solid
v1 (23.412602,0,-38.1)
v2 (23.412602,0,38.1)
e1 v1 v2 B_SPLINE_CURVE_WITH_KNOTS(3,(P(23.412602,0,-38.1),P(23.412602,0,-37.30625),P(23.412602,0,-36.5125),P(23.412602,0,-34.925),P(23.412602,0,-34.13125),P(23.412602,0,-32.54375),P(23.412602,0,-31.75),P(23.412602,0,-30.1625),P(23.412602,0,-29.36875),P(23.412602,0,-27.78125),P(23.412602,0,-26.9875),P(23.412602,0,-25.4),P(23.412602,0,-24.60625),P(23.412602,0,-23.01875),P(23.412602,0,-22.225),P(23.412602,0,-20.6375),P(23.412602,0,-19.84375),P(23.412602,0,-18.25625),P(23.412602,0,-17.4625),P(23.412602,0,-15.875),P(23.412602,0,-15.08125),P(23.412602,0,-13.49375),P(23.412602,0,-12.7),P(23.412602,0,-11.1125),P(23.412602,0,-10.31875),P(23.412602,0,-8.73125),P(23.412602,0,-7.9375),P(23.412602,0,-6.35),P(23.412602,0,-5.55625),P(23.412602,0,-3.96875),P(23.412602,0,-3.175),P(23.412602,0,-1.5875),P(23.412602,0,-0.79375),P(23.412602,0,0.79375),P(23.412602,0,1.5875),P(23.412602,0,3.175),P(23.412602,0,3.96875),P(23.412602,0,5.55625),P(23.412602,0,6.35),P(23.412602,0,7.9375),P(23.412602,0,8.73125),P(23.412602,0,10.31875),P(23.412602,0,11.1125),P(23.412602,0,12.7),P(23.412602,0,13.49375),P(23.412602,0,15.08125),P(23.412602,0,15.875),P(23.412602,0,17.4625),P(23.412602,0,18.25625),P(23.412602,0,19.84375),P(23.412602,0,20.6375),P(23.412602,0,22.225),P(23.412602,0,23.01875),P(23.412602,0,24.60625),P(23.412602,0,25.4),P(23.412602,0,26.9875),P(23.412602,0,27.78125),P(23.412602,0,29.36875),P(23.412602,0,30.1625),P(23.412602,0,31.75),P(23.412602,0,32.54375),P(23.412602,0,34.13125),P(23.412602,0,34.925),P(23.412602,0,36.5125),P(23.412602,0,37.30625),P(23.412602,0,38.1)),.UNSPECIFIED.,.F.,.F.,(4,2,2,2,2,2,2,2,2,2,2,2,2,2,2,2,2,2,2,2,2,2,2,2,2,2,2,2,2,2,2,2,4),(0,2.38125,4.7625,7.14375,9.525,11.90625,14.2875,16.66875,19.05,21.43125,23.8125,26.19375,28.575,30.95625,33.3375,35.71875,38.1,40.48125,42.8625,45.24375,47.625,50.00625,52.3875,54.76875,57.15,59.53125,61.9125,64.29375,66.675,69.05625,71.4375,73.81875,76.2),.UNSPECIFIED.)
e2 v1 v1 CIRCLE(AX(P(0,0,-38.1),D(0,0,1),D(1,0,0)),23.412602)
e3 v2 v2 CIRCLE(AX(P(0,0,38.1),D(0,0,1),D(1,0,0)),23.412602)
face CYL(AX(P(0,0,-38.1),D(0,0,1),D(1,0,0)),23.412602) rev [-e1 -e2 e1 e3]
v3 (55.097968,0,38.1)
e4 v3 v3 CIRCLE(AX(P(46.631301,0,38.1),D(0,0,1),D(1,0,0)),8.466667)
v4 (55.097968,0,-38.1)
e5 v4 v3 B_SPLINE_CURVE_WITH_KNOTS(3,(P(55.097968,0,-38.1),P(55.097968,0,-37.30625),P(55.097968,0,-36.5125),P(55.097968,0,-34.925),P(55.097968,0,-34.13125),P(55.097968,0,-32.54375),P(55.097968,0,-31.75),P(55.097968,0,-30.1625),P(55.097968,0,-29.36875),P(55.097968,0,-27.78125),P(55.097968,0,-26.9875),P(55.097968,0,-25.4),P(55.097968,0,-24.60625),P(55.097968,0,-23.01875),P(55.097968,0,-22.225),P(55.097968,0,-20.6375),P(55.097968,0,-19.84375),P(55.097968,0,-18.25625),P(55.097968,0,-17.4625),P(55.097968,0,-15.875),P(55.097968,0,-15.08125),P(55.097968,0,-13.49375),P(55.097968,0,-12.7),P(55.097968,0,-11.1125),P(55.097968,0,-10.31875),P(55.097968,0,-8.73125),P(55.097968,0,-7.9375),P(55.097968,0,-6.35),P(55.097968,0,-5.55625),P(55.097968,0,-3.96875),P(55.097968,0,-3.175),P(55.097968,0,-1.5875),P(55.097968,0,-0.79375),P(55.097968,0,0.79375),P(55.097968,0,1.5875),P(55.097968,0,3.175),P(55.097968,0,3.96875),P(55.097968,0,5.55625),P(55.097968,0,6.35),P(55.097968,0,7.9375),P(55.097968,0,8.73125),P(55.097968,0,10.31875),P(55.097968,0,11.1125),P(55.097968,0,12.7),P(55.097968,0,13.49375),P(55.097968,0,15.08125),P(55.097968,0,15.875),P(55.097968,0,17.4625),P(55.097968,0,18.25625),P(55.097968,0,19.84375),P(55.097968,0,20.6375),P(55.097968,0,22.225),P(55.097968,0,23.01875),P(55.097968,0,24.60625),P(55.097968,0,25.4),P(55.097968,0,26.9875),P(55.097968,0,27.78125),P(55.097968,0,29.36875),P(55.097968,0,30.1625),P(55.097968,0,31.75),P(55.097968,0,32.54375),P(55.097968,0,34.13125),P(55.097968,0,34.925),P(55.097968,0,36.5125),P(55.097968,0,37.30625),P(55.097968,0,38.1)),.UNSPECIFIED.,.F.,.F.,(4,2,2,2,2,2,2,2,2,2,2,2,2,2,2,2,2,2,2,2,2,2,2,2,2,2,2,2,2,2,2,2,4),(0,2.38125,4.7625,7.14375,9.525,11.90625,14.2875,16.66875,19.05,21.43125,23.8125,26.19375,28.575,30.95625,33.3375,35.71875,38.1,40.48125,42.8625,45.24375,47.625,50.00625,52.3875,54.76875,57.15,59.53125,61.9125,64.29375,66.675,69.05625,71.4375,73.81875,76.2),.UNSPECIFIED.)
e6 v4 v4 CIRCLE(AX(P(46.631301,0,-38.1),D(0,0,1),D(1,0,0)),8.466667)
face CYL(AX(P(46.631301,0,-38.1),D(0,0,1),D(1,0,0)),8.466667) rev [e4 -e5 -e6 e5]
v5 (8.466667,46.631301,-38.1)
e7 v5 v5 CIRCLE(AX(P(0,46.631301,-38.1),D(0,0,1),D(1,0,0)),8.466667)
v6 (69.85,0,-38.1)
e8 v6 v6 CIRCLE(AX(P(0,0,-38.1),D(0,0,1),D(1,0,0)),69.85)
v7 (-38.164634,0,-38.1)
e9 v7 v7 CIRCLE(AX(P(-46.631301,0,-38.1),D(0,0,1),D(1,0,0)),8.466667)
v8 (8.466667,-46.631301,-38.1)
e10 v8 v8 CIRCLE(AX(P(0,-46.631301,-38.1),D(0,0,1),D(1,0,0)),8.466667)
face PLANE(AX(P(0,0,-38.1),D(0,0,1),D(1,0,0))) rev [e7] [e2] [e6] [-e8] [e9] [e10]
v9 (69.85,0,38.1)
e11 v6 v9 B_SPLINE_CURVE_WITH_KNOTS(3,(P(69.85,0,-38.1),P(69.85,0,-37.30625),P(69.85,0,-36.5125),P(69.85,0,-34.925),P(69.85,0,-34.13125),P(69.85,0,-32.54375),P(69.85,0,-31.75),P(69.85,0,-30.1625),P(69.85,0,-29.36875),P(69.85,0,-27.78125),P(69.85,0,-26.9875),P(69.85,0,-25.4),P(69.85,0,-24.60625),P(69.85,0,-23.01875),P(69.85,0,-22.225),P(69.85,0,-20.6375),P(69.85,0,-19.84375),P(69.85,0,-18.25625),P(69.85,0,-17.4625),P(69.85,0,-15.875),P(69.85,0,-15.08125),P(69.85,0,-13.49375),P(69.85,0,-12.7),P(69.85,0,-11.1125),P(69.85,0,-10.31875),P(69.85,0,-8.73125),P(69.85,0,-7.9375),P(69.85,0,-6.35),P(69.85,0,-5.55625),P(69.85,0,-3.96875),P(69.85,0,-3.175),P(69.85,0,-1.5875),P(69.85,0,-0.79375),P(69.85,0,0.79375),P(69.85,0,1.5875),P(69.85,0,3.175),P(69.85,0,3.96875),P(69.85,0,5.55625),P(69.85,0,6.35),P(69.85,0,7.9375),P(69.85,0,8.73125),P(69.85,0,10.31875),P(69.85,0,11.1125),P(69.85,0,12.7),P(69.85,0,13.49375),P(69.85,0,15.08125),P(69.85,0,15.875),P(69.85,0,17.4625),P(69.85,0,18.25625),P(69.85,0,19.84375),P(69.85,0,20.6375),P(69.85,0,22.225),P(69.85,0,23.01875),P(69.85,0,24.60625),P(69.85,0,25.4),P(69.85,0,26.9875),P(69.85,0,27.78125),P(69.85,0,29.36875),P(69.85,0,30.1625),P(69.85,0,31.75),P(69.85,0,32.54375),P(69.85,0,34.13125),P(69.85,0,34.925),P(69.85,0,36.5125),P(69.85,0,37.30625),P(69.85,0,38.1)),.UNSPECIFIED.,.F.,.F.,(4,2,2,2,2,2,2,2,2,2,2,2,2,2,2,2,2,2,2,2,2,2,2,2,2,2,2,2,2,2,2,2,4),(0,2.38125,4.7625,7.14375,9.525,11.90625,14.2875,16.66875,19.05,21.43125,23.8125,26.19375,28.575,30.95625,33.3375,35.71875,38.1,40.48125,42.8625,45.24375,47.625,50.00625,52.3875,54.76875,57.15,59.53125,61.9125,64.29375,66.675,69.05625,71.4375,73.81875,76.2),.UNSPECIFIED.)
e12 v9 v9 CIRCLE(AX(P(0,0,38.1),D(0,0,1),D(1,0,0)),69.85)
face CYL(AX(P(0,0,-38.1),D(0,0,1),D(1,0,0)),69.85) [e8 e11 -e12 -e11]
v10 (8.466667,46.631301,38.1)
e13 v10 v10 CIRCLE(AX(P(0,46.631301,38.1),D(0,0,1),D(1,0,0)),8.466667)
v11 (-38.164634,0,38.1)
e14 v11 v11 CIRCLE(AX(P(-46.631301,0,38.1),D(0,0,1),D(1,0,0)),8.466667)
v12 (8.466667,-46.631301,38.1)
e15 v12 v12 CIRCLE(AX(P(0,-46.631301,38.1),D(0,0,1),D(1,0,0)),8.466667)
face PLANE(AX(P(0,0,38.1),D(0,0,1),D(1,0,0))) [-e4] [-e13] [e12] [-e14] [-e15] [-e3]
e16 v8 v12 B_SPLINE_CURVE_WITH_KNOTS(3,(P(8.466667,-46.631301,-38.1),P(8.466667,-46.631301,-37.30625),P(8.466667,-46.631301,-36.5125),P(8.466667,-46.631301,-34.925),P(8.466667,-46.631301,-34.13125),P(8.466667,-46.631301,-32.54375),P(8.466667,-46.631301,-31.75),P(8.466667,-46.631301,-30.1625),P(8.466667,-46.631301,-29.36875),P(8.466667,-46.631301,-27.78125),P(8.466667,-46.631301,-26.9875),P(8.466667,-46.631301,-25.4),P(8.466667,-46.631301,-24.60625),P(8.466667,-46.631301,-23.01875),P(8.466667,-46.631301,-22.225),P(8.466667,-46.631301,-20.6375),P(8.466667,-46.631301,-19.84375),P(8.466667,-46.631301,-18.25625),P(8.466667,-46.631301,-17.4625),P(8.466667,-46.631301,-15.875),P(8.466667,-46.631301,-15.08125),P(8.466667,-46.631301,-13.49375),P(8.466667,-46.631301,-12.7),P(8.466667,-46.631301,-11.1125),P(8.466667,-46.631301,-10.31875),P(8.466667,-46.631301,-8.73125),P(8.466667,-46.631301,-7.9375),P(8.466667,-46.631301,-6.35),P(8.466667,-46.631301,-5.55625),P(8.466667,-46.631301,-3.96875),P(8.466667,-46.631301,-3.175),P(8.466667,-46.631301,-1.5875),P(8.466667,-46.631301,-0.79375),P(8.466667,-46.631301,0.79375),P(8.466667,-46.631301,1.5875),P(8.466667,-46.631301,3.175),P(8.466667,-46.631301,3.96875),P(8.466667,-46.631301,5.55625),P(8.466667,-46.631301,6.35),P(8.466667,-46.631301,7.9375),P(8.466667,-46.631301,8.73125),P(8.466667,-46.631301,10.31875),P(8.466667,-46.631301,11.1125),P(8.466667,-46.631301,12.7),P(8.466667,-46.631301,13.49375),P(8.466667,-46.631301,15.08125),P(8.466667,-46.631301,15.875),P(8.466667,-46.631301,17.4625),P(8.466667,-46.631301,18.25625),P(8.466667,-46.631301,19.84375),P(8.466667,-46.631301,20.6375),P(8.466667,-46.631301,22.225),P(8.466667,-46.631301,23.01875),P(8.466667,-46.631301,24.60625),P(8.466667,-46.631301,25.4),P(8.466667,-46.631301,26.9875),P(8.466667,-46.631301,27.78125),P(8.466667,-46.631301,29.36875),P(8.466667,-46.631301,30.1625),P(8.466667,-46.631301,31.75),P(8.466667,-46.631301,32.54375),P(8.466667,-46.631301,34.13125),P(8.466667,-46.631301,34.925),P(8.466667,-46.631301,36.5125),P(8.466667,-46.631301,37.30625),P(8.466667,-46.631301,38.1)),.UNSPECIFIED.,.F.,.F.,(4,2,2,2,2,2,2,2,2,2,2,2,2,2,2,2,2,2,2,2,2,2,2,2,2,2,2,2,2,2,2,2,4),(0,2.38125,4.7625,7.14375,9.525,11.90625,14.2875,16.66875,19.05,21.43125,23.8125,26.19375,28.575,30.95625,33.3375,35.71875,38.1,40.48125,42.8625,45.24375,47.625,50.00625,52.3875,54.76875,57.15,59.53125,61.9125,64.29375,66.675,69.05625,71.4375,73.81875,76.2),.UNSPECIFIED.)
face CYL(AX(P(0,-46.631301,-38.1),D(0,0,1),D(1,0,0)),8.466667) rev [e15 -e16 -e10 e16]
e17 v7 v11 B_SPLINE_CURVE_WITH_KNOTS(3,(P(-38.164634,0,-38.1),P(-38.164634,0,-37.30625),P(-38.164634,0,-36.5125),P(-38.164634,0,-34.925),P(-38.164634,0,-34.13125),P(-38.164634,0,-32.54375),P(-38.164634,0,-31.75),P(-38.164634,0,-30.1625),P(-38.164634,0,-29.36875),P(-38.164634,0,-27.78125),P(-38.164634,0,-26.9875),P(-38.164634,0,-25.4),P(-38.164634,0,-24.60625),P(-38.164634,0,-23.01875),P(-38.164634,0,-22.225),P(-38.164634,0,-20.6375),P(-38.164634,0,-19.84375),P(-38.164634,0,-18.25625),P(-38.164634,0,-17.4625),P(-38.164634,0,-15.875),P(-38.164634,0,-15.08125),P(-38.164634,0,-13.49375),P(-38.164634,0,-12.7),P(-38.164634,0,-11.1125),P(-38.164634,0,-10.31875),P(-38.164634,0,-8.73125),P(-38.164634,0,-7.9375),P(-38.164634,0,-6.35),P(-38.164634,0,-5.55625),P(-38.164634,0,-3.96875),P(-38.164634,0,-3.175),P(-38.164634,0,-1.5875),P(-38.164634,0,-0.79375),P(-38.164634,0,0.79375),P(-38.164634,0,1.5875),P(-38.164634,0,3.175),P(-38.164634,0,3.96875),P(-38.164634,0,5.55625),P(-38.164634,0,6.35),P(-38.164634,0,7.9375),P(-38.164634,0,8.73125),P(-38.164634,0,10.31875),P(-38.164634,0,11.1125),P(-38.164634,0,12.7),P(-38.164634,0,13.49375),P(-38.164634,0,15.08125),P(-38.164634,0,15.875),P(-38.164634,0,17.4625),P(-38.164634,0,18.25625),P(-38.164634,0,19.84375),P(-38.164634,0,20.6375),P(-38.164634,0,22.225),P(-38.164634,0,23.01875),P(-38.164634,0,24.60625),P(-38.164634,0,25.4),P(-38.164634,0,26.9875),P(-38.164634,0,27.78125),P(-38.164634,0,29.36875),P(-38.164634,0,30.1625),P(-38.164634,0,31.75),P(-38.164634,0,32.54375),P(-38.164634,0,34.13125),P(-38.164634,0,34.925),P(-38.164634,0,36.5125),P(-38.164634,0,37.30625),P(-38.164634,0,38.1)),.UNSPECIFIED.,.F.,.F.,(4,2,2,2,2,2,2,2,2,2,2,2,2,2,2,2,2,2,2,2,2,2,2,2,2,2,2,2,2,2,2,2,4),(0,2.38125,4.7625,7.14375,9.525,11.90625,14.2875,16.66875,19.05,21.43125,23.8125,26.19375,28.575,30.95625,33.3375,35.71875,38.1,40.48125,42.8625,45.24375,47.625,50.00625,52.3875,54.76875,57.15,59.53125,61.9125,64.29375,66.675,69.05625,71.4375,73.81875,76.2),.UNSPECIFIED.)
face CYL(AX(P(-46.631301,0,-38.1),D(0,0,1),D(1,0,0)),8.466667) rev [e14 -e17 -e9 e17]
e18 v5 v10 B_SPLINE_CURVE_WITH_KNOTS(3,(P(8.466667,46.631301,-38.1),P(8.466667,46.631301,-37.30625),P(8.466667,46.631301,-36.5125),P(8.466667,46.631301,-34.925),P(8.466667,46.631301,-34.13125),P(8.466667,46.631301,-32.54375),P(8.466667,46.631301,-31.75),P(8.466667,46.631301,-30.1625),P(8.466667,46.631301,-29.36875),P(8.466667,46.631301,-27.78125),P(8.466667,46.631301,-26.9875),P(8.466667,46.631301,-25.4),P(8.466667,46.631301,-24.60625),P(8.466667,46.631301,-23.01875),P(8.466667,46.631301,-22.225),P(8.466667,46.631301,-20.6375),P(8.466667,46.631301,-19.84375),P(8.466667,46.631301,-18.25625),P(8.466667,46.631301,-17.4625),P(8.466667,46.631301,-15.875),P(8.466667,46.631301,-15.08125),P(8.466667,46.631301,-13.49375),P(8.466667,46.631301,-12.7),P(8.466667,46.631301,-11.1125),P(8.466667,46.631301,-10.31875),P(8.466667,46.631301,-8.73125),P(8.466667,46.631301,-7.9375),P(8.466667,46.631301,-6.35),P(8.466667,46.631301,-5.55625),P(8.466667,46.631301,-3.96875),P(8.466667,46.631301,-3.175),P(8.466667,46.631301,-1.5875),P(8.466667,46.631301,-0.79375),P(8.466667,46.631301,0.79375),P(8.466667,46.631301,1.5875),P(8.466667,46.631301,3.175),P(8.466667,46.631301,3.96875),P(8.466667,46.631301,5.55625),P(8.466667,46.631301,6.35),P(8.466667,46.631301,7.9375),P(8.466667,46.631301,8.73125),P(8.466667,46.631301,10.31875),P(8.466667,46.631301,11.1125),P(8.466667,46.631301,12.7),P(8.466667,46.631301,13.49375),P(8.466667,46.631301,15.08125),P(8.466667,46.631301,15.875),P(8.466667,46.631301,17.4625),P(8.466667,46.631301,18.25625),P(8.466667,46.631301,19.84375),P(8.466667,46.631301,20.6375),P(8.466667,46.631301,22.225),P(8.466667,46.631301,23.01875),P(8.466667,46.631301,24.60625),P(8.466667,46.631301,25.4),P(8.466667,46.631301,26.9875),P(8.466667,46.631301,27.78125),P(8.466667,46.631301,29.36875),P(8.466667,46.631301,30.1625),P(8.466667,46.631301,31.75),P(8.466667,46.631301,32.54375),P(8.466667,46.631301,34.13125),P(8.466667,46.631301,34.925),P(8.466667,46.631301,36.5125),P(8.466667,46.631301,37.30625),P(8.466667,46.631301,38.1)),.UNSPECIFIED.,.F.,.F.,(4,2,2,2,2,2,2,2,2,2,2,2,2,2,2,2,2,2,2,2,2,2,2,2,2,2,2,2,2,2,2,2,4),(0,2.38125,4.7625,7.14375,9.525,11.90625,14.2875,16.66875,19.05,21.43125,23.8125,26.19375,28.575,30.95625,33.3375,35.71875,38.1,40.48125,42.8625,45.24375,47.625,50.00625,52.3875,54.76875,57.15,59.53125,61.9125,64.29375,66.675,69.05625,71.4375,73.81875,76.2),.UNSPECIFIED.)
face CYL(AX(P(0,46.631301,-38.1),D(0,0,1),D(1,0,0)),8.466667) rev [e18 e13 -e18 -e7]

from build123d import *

# Parameters (mm, degrees)
BOSS_EXTRUDE1_DEPTH      = 38.1
BOSS_EXTRUDE1_DEPTH_BACK = 38.1
SKETCH1_R                = 69.85
SKETCH1_R_2              = 23.412602146
SKETCH1_R_3              = 8.466666667


with BuildPart() as part:
    # Sketch1 → Boss-Extrude1 (new, two sides: drawn at the far end of the back side and taken through both)
    with BuildSketch(Plane.XY.offset(-BOSS_EXTRUDE1_DEPTH_BACK)):
        Circle(SKETCH1_R)
        Circle(SKETCH1_R_2, mode=Mode.SUBTRACT)
        with Locations((-46.631301073, 0)):
            Circle(SKETCH1_R_3, mode=Mode.SUBTRACT)
        with Locations((0, 46.631301073)):
            Circle(SKETCH1_R_3, mode=Mode.SUBTRACT)
        with Locations((46.631301073, 0)):
            Circle(SKETCH1_R_3, mode=Mode.SUBTRACT)
        with Locations((0, -46.631301073)):
            Circle(SKETCH1_R_3, mode=Mode.SUBTRACT)
    extrude(amount=BOSS_EXTRUDE1_DEPTH + BOSS_EXTRUDE1_DEPTH_BACK)


solid = part.part
